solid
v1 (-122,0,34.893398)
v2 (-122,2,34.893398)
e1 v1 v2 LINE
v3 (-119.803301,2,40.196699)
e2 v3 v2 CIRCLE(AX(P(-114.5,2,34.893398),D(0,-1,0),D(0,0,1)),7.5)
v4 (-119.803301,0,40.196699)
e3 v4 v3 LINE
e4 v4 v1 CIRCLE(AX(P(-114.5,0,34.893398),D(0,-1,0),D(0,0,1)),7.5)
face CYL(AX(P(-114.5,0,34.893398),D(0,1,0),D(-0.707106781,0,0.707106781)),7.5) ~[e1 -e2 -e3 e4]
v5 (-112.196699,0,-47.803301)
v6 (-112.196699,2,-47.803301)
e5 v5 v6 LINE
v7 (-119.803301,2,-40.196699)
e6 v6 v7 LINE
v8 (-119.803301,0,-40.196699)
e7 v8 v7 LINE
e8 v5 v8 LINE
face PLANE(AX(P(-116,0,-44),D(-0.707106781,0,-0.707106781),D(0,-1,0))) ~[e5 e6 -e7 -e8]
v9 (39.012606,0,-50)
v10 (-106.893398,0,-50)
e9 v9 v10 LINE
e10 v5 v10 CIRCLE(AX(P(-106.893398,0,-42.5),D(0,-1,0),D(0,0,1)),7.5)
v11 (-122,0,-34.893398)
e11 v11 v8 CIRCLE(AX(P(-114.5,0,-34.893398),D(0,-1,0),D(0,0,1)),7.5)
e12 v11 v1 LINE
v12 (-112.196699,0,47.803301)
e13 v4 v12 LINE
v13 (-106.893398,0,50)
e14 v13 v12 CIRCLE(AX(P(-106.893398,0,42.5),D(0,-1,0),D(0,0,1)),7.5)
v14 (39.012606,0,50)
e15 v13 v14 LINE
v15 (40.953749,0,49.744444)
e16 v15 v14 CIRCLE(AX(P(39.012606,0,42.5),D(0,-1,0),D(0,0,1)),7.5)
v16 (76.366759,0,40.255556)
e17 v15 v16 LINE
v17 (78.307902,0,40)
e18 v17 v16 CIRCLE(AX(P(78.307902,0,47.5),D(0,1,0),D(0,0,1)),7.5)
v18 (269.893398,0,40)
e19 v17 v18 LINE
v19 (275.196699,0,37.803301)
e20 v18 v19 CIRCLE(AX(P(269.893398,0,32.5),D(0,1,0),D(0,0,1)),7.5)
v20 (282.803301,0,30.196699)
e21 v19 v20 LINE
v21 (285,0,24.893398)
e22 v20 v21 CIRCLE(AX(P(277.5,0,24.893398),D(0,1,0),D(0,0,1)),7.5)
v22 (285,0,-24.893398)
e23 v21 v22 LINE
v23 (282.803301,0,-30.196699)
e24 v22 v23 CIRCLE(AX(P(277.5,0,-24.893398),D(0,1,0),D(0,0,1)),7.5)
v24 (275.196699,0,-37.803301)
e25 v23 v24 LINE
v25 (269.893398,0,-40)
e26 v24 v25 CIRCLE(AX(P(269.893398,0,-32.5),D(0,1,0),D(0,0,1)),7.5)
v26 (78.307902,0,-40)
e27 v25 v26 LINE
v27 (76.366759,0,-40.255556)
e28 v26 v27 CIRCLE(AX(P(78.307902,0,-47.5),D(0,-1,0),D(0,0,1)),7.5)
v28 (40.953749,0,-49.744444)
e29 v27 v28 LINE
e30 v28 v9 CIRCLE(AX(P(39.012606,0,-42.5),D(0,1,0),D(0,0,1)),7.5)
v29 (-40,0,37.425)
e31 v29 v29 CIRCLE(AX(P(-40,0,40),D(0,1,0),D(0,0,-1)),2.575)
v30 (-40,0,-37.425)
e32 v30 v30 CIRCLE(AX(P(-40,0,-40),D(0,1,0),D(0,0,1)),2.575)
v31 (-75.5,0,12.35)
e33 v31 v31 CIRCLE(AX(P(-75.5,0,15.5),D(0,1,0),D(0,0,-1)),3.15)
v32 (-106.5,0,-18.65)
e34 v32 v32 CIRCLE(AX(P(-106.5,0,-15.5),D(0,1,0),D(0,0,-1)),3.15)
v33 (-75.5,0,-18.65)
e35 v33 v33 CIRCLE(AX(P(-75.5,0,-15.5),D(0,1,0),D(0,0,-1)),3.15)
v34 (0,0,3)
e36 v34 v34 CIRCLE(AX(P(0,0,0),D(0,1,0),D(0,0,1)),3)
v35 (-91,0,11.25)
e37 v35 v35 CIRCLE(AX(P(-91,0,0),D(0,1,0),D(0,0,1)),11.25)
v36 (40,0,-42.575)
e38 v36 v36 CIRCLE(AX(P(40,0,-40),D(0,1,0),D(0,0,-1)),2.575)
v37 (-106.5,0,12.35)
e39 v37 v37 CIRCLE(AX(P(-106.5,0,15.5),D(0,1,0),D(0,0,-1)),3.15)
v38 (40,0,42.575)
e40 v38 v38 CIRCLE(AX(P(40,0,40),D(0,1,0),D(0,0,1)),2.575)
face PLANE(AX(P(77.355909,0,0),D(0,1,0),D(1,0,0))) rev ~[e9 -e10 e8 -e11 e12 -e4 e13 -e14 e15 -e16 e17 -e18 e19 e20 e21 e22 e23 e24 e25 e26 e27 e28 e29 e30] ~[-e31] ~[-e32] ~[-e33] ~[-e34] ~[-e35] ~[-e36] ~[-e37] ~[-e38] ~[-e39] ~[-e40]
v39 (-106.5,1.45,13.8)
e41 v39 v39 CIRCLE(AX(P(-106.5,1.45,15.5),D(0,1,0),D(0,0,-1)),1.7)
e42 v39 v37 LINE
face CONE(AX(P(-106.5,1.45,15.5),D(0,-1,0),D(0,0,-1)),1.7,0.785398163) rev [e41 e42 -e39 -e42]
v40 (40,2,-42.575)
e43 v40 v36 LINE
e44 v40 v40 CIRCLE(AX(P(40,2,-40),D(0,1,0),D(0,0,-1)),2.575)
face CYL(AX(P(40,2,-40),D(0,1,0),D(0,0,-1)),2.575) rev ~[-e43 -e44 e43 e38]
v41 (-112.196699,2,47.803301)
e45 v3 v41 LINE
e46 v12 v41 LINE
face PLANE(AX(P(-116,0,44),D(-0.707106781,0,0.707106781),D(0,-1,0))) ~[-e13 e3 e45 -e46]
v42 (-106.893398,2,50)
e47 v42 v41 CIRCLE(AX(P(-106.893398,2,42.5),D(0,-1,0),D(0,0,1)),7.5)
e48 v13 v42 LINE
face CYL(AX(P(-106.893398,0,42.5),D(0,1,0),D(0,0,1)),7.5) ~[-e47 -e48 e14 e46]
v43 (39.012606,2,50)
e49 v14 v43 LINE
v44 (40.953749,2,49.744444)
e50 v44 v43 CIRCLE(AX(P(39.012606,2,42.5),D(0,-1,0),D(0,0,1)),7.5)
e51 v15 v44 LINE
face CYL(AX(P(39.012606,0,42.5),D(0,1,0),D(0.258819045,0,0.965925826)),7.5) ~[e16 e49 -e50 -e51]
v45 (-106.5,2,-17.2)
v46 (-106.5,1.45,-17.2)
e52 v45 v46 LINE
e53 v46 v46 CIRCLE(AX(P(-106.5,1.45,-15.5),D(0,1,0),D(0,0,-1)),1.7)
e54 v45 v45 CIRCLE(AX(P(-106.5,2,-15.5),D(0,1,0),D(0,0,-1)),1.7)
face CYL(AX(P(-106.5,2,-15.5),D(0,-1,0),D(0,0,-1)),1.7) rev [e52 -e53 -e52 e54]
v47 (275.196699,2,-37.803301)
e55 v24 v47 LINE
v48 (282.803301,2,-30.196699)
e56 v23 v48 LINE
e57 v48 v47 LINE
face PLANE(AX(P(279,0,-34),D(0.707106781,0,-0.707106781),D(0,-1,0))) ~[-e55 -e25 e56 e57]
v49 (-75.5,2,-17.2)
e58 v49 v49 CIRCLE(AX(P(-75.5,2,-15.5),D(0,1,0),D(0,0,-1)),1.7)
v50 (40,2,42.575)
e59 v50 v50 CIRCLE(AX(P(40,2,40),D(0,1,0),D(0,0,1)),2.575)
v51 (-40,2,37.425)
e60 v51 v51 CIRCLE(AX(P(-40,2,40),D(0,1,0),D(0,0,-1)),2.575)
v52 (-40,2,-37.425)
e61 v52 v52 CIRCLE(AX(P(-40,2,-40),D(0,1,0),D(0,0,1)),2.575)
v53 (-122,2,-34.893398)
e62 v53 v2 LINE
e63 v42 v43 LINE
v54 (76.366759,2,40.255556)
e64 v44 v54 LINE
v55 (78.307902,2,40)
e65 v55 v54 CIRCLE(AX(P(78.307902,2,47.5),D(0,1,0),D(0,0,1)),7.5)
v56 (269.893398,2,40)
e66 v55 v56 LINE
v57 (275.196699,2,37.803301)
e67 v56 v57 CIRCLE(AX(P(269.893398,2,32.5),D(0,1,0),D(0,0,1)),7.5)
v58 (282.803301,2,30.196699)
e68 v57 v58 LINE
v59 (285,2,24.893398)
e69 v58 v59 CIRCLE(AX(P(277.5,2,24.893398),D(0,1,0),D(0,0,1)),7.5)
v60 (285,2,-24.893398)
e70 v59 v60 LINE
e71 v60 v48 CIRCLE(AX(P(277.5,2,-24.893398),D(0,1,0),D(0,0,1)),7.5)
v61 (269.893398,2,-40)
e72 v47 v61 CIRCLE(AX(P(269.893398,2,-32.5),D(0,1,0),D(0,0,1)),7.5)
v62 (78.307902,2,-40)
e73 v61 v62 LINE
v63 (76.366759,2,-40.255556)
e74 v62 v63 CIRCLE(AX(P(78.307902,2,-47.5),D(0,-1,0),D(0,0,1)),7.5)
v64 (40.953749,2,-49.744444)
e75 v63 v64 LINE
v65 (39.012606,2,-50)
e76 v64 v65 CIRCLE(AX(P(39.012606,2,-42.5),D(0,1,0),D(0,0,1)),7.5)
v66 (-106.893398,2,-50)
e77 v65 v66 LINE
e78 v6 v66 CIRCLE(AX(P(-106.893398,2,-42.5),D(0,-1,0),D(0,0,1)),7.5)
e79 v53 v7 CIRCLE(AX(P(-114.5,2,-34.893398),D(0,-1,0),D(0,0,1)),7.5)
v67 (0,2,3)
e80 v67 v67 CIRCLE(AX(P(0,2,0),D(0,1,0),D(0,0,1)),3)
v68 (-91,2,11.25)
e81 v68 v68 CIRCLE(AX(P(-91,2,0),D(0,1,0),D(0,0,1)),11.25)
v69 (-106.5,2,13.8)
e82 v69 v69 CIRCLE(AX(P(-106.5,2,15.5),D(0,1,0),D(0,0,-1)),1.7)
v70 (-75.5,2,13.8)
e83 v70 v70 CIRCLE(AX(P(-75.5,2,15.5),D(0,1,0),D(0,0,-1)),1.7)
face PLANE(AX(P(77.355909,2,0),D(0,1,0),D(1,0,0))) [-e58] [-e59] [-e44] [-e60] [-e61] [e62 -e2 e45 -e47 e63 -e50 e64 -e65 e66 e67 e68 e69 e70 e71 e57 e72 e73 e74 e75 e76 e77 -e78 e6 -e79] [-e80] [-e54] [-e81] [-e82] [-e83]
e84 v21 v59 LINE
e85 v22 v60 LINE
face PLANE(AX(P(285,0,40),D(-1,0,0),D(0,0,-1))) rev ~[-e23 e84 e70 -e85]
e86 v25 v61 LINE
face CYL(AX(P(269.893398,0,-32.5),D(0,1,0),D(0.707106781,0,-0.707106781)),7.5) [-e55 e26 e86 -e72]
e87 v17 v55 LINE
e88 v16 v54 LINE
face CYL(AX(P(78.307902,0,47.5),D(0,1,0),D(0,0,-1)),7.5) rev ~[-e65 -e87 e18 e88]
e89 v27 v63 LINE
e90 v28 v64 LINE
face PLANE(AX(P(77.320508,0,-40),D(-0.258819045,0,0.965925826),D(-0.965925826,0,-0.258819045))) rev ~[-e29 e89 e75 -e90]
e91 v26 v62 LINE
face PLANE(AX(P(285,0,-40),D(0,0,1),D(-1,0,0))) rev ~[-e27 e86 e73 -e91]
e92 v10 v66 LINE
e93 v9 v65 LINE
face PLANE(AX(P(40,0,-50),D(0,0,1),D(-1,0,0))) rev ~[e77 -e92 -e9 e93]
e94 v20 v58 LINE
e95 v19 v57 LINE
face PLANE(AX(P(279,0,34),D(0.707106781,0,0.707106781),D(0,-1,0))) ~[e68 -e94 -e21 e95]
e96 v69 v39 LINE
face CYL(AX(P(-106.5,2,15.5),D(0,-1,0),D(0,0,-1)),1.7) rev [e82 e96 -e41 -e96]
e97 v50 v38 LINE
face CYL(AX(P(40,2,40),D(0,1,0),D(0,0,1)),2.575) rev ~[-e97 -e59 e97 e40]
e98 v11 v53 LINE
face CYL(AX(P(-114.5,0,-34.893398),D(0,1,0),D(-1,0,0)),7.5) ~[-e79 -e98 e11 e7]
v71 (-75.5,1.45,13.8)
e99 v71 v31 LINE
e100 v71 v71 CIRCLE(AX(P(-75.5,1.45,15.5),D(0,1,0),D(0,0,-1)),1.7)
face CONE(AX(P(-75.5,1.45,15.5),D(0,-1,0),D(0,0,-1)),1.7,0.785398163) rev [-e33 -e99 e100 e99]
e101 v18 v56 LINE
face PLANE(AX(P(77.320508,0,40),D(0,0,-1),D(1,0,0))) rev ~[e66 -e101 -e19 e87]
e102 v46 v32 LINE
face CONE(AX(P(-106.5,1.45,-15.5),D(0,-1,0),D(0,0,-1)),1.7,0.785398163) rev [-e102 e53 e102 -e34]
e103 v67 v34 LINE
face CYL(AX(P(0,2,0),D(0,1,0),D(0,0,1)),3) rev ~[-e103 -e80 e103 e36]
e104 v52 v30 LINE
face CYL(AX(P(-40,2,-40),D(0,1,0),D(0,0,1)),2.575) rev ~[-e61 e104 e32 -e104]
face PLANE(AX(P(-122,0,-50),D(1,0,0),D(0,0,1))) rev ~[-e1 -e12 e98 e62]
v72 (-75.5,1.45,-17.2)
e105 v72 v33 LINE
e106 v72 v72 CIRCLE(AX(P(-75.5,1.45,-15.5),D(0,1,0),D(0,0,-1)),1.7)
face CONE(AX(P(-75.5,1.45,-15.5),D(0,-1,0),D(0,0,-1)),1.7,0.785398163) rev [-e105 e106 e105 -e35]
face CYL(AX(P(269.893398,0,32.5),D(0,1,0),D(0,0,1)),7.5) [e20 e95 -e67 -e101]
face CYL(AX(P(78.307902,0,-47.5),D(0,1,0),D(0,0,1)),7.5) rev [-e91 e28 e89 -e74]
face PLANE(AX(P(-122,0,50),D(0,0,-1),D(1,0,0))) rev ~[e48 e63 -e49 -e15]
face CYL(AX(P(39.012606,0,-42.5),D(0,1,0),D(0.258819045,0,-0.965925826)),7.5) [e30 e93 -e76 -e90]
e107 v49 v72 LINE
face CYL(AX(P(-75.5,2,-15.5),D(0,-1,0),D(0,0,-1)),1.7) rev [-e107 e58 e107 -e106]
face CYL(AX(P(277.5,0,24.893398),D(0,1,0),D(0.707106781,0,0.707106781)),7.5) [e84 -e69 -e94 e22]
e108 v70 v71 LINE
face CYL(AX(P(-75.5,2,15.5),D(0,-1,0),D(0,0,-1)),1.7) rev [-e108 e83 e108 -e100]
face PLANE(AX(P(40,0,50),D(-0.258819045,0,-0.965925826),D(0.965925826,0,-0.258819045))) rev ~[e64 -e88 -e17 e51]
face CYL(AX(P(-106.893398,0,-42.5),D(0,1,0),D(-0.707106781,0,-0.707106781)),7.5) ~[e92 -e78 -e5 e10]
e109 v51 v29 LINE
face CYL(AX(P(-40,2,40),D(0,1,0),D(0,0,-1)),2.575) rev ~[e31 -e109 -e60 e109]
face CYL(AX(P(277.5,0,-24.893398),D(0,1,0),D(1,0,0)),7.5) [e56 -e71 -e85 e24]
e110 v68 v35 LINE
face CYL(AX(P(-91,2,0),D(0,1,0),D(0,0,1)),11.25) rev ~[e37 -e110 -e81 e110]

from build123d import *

# Parameters (mm, degrees)
BOSS_EXTRUDE2_DEPTH                          = 2
CHAMFER2_SIZE                                = 12
FILLET1_R                                    = 7.5
SKETCH2_R                                    = 2.575
SKETCH2_R_2                                  = 11.25
SKETCH2_R_3                                  = 3
CUT_EXTRUDE1_DEPTH                           = 290.359637821
CSK_FOR_M3_COUNTERSUNK_FLAT_HEAD_SCR_2_COUNT = 2
CSK_FOR_M3_COUNTERSUNK_FLAT_HEAD_SCR_2_PITCH = 31
CSK_FOR_M3_COUNTERSUNK_FLAT_HEAD_SCR_3_COUNT = 2
CSK_FOR_M3_COUNTERSUNK_FLAT_HEAD_SCR_3_PITCH = 43.840620434
CSK_FOR_M3_COUNTERSUNK_FLAT_HEAD_SCR_4_COUNT = 2
CSK_FOR_M3_COUNTERSUNK_FLAT_HEAD_SCR_4_PITCH = 31


with BuildPart() as part:
    # Sketch1 → Boss-Extrude2 (new body)
    with BuildSketch(Plane(origin=(0, 0, 0), x_dir=(1, 0, 0), z_dir=(0, 1, 0))):
        Polygon((40, -50), (77.320508076, -40), (285, -40), (285, 40), (77.320508076, 40), (40, 50), (-40, 50), (-122, 50), (-122, -50), (-40, -50), align=None)
    extrude(amount=BOSS_EXTRUDE2_DEPTH)

    # Chamfer2
    chamfer2_edges = [part.edges().sort_by_distance(p)[0] for p in [
        (-122, 1, 50),
        (-122, 1, -50),
        (285, 1, -40),
        (285, 1, 40),
    ]]
    chamfer(chamfer2_edges, length=CHAMFER2_SIZE)

    # Fillet1
    fillet1_edges = [part.edges().sort_by_distance(p)[0] for p in [
        (40, 1, -50),
        (77.320508076, 1, -40),
        (77.320508076, 1, 40),
        (40, 1, 50),
        (-110, 1, 50),
        (-122, 1, -38),
        (-122, 1, 38),
        (-110, 1, -50),
        (273, 1, -40),
        (285, 1, 28),
        (285, 1, -28),
        (273, 1, 40),
    ]]
    fillet(fillet1_edges, radius=FILLET1_R)

    # Sketch2 → Cut-Extrude1 (cut, through all)
    with BuildSketch(Plane(origin=(0, 2, 0), x_dir=(1, 0, 0), z_dir=(0, 1, 0))):
        with Locations(Location((-40, 40, 0), (0, 0, 270))):
            Circle(SKETCH2_R)
        with Locations(Location((40, 40, 0), (0, 0, 90))):
            Circle(SKETCH2_R)
        with Locations(Location((40, -40, 0), (0, 0, 270))):
            Circle(SKETCH2_R)
        with Locations(Location((-40, -40, 0), (0, 0, 90))):
            Circle(SKETCH2_R)
        with Locations(Location((-91, 0, 0), (0, 0, 270))):
            Circle(SKETCH2_R_2)
        with Locations(Location((0, 0, 0), (0, 0, 270))):
            Circle(SKETCH2_R_3)
    extrude(amount=-CUT_EXTRUDE1_DEPTH, mode=Mode.SUBTRACT)

    # Sketch4 → CSK for M3 Countersunk Flat Head Screw2 (revolve, cut)
    with BuildSketch(Plane(origin=(-106.5, 0, -15.5), x_dir=(0, 0, -1), z_dir=(1, 0, 0))):
        Polygon((0, 0), (0, 2), (1.7, 2), (1.7, 1.45), (3.15, 0), align=None)
    csk_for_m3_countersunk_flat_head_screw2 = revolve(axis=Axis((-106.5, -6.35, -15.5), (0, 1, 0)), mode=Mode.SUBTRACT)

    # CSK for M3 Countersunk Flat Head Scr 2: CSK for M3 Countersunk Flat Head Screw2 ×2
    with Locations(*[(0, 0, i * CSK_FOR_M3_COUNTERSUNK_FLAT_HEAD_SCR_2_PITCH) for i in range(1, CSK_FOR_M3_COUNTERSUNK_FLAT_HEAD_SCR_2_COUNT)]):
        add(csk_for_m3_countersunk_flat_head_screw2, mode=Mode.SUBTRACT)

    # CSK for M3 Countersunk Flat Head Scr 3: CSK for M3 Countersunk Flat Head Screw2 ×2
    with Locations(*[Vector(0.707106781186545, 0, 0.70710678118655) * (i * CSK_FOR_M3_COUNTERSUNK_FLAT_HEAD_SCR_3_PITCH) for i in range(1, CSK_FOR_M3_COUNTERSUNK_FLAT_HEAD_SCR_3_COUNT)]):
        add(csk_for_m3_countersunk_flat_head_screw2, mode=Mode.SUBTRACT)

    # CSK for M3 Countersunk Flat Head Scr 4: CSK for M3 Countersunk Flat Head Screw2 ×2
    with Locations(*[(i * CSK_FOR_M3_COUNTERSUNK_FLAT_HEAD_SCR_4_PITCH, 0, 0) for i in range(1, CSK_FOR_M3_COUNTERSUNK_FLAT_HEAD_SCR_4_COUNT)]):
        add(csk_for_m3_countersunk_flat_head_screw2, mode=Mode.SUBTRACT)


solid = part.part
